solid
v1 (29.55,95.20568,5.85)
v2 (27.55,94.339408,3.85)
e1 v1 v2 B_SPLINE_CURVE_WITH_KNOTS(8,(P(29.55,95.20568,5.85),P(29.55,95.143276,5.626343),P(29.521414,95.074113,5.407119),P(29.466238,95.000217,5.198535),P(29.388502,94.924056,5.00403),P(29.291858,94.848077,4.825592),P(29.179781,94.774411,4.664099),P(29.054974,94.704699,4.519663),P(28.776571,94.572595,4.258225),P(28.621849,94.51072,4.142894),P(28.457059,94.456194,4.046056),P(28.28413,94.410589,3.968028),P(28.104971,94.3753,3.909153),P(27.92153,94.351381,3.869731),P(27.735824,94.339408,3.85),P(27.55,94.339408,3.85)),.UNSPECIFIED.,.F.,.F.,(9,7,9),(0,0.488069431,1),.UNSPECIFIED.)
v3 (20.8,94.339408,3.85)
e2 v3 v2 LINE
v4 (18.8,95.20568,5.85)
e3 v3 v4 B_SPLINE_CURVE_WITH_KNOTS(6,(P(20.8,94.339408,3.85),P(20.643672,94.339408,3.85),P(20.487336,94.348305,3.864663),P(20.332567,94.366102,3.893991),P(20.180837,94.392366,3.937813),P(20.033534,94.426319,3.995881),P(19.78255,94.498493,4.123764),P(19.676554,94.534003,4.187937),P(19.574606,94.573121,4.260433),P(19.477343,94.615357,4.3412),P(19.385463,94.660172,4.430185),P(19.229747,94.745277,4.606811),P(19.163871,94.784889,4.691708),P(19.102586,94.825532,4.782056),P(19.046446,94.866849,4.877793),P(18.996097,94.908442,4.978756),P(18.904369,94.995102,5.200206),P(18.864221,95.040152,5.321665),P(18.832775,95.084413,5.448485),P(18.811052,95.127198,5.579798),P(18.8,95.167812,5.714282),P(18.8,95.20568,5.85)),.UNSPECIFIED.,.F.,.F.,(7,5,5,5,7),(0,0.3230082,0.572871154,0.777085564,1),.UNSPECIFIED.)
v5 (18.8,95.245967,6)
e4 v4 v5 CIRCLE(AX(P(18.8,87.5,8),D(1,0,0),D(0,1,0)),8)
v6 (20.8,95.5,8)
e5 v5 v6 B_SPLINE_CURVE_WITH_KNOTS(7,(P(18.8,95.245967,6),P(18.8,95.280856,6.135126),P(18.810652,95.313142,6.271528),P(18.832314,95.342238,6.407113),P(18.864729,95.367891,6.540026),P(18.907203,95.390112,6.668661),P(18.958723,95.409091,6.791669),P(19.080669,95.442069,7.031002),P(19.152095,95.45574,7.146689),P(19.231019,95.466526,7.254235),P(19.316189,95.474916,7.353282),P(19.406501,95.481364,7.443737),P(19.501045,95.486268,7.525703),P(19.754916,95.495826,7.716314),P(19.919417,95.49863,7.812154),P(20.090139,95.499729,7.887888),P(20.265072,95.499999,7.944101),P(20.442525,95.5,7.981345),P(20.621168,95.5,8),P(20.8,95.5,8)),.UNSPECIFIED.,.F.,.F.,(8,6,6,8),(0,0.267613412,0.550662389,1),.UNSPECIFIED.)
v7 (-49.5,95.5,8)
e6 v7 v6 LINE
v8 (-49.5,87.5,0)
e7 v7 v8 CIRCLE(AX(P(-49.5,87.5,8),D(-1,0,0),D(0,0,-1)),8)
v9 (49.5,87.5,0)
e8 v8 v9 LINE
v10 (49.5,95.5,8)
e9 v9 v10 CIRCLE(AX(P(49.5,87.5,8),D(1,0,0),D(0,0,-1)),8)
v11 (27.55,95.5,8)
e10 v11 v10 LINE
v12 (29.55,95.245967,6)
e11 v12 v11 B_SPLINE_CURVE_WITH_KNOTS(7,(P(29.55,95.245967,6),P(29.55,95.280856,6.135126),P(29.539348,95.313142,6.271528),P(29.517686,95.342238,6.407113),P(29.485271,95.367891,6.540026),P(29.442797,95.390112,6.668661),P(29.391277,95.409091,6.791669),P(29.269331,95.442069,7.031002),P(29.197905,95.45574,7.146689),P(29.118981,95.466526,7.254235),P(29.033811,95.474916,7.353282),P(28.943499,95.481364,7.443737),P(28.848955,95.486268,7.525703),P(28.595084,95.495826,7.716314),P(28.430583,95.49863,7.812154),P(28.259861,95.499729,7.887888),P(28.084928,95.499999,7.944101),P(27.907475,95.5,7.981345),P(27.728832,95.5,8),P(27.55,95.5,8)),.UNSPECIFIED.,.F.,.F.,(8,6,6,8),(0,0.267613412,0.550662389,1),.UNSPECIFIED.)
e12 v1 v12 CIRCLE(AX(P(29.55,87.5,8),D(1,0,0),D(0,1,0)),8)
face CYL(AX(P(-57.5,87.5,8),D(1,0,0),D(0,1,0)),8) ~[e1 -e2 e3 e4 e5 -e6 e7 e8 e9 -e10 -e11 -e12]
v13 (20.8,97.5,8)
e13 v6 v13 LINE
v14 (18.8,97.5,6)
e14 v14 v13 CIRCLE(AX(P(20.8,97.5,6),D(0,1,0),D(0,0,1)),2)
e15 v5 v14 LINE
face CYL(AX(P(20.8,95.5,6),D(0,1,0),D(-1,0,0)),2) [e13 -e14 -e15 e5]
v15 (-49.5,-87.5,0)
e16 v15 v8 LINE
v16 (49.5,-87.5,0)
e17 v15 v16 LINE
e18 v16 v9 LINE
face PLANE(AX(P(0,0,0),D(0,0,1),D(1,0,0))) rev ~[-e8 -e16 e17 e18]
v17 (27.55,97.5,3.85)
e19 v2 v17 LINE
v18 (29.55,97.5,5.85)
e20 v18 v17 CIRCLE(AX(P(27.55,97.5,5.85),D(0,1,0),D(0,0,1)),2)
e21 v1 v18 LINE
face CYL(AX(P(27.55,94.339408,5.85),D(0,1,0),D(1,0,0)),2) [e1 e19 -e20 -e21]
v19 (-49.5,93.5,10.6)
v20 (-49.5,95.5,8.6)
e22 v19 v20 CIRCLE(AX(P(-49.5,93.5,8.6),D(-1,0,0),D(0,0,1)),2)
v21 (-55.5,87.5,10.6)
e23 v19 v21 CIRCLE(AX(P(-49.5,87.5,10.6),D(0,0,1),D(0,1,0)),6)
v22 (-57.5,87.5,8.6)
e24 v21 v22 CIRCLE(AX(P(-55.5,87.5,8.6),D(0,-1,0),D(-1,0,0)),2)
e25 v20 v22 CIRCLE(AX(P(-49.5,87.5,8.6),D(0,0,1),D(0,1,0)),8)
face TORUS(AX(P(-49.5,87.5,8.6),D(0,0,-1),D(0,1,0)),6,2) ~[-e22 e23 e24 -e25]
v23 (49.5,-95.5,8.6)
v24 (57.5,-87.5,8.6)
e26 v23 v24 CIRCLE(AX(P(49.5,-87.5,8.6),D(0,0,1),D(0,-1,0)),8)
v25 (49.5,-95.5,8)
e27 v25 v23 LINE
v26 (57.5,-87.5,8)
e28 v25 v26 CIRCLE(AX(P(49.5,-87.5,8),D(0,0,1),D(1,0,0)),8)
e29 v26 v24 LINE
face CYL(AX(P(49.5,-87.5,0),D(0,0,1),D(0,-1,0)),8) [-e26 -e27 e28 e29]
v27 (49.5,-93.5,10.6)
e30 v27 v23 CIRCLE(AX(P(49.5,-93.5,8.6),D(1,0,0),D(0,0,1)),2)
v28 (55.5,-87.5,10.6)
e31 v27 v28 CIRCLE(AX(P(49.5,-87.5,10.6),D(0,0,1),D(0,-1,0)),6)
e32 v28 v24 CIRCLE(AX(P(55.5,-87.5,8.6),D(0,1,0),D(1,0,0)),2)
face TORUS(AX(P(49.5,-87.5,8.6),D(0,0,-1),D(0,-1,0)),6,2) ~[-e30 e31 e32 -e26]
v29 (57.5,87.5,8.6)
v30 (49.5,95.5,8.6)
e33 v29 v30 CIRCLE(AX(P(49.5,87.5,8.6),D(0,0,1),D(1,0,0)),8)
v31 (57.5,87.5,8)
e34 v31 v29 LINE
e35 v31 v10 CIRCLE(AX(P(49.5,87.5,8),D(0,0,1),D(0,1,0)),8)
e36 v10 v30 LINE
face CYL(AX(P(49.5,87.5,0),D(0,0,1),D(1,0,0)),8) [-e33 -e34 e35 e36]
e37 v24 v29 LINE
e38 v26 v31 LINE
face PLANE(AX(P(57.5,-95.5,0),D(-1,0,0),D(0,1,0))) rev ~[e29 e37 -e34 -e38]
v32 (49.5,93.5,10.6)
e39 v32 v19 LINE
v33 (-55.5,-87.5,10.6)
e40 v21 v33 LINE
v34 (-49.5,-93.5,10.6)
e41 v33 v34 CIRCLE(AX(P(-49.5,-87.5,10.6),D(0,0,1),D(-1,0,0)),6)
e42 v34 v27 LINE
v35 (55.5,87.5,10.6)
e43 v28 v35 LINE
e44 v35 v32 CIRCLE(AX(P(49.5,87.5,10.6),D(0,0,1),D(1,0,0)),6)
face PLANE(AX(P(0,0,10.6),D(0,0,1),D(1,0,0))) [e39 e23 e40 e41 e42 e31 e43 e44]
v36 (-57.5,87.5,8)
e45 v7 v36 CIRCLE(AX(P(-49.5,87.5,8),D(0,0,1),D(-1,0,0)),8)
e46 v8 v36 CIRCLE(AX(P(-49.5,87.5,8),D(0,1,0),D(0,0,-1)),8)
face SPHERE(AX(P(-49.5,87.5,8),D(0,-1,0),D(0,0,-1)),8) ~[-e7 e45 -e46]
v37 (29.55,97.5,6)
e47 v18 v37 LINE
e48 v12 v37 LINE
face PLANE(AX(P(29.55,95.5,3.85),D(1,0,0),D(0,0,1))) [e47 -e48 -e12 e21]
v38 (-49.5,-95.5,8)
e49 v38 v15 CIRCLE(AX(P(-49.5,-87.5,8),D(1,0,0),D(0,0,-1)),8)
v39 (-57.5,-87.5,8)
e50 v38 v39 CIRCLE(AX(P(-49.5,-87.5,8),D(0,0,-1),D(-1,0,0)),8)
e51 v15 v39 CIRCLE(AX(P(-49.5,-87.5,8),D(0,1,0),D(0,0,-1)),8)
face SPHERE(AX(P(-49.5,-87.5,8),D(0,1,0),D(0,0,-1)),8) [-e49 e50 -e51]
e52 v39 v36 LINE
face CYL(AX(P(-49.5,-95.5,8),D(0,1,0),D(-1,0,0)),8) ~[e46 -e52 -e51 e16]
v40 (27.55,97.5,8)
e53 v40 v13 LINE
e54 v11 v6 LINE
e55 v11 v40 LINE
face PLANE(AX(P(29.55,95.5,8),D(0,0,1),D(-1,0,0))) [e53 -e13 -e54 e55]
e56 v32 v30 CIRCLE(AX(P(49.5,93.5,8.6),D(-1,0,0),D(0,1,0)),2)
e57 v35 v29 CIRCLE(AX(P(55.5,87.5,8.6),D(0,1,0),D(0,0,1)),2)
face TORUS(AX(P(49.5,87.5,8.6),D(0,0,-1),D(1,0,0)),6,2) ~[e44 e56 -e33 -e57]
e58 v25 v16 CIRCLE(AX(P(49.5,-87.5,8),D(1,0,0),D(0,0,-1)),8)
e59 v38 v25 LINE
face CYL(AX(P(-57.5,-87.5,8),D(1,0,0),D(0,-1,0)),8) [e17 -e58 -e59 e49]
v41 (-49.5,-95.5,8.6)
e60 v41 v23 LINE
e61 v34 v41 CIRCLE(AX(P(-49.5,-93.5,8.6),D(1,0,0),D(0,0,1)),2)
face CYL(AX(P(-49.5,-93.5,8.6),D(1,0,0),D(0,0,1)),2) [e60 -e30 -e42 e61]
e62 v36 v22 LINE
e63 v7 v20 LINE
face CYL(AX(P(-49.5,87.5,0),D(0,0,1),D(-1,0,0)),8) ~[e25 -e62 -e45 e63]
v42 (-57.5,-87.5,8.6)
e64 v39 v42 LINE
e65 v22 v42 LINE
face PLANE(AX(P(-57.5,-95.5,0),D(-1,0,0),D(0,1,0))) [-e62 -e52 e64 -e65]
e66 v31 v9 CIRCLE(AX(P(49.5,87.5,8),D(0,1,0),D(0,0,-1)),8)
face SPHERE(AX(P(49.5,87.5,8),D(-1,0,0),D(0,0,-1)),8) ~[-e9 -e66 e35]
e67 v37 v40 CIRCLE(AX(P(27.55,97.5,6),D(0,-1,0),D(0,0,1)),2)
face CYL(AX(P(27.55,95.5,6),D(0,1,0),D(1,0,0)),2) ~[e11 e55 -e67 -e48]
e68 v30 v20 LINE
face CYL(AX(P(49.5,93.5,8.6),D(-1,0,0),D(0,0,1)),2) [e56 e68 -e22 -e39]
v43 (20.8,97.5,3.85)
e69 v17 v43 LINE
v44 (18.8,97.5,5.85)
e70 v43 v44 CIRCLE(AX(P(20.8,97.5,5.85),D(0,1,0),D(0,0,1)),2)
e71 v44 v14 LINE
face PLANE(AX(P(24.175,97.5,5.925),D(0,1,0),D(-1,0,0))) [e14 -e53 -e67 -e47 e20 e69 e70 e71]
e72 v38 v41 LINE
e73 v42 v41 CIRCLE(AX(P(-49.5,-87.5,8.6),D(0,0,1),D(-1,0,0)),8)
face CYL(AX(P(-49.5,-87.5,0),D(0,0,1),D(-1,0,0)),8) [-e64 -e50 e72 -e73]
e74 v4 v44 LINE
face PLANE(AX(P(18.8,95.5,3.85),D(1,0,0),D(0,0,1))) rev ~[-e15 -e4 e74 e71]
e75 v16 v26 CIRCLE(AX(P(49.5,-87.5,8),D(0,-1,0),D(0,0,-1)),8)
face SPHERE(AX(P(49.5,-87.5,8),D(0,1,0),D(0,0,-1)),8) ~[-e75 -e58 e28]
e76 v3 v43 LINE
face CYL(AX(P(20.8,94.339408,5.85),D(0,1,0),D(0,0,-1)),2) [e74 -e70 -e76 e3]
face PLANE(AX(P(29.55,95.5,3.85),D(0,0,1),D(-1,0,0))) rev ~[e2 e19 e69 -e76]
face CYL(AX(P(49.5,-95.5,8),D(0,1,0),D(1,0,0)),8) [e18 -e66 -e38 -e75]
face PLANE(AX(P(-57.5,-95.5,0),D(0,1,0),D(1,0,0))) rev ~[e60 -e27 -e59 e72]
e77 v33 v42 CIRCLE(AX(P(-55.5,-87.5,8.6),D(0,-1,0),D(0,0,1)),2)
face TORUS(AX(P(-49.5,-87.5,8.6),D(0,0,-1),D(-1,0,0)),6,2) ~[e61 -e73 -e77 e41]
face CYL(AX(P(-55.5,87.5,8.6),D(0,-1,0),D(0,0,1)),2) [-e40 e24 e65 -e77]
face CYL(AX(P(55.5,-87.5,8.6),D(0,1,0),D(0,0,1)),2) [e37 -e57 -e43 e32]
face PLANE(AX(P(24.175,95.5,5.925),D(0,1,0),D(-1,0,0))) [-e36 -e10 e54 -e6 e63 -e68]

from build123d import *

# Parameters (mm, degrees)
F0_W     = 115
F0_H     = 191
F1_DEPTH = 10.6
F2_R     = 8
F3_R     = 2
F4_W     = 10.75
F4_H     = 4.15
F5_DEPTH = 2
F6_DEPTH = 2
F7_R     = 2


with BuildPart() as f1:
    # F0 (on Top) → F1 (new body)
    with BuildSketch(Plane.XY):
        Rectangle(F0_W, F0_H)
    extrude(amount=F1_DEPTH)

    # F2
    f2_edges = [f1.edges().sort_by_distance(p)[0] for p in [
        (-57.5, 0, 0),
        (0, 95.5, 0),
        (57.5, 0, 0),
        (0, -95.5, 0),
        (-57.5, 95.5, 5.3),
        (57.5, 95.5, 5.3),
        (57.5, -95.5, 5.3),
        (-57.5, -95.5, 5.3),
    ]]
    fillet(f2_edges, radius=F2_R)

    # F3
    f3_edges = [f1.edges().sort_by_distance(p)[0] for p in [
        (0, -95.5, 10.6),
    ]]
    fillet(f3_edges, radius=F3_R)

    # F4 (on face) → F5 (join)
    with BuildSketch(Plane(origin=(0, 95.5, 0), x_dir=(-1, 0, 0), z_dir=(0, 1, 0))):
        with Locations((-24.175, 5.925)):
            Rectangle(F4_W, F4_H)
    extrude(amount=-F5_DEPTH)

    # F4 (on face) → F6 (join)
    with BuildSketch(Plane(origin=(0, 95.5, 0), x_dir=(-1, 0, 0), z_dir=(0, 1, 0))):
        with Locations((-24.175, 5.925)):
            Rectangle(F4_W, F4_H)
    extrude(amount=F6_DEPTH)

    # F7
    f7_edges = [f1.edges().sort_by_distance(p)[0] for p in [
        (18.8, 96.5, 8),
        (18.8, 95.919704, 3.85),
        (29.55, 95.919704, 3.85),
        (29.55, 96.5, 8),
    ]]
    fillet(f7_edges, radius=F7_R)


solid = f1.part
